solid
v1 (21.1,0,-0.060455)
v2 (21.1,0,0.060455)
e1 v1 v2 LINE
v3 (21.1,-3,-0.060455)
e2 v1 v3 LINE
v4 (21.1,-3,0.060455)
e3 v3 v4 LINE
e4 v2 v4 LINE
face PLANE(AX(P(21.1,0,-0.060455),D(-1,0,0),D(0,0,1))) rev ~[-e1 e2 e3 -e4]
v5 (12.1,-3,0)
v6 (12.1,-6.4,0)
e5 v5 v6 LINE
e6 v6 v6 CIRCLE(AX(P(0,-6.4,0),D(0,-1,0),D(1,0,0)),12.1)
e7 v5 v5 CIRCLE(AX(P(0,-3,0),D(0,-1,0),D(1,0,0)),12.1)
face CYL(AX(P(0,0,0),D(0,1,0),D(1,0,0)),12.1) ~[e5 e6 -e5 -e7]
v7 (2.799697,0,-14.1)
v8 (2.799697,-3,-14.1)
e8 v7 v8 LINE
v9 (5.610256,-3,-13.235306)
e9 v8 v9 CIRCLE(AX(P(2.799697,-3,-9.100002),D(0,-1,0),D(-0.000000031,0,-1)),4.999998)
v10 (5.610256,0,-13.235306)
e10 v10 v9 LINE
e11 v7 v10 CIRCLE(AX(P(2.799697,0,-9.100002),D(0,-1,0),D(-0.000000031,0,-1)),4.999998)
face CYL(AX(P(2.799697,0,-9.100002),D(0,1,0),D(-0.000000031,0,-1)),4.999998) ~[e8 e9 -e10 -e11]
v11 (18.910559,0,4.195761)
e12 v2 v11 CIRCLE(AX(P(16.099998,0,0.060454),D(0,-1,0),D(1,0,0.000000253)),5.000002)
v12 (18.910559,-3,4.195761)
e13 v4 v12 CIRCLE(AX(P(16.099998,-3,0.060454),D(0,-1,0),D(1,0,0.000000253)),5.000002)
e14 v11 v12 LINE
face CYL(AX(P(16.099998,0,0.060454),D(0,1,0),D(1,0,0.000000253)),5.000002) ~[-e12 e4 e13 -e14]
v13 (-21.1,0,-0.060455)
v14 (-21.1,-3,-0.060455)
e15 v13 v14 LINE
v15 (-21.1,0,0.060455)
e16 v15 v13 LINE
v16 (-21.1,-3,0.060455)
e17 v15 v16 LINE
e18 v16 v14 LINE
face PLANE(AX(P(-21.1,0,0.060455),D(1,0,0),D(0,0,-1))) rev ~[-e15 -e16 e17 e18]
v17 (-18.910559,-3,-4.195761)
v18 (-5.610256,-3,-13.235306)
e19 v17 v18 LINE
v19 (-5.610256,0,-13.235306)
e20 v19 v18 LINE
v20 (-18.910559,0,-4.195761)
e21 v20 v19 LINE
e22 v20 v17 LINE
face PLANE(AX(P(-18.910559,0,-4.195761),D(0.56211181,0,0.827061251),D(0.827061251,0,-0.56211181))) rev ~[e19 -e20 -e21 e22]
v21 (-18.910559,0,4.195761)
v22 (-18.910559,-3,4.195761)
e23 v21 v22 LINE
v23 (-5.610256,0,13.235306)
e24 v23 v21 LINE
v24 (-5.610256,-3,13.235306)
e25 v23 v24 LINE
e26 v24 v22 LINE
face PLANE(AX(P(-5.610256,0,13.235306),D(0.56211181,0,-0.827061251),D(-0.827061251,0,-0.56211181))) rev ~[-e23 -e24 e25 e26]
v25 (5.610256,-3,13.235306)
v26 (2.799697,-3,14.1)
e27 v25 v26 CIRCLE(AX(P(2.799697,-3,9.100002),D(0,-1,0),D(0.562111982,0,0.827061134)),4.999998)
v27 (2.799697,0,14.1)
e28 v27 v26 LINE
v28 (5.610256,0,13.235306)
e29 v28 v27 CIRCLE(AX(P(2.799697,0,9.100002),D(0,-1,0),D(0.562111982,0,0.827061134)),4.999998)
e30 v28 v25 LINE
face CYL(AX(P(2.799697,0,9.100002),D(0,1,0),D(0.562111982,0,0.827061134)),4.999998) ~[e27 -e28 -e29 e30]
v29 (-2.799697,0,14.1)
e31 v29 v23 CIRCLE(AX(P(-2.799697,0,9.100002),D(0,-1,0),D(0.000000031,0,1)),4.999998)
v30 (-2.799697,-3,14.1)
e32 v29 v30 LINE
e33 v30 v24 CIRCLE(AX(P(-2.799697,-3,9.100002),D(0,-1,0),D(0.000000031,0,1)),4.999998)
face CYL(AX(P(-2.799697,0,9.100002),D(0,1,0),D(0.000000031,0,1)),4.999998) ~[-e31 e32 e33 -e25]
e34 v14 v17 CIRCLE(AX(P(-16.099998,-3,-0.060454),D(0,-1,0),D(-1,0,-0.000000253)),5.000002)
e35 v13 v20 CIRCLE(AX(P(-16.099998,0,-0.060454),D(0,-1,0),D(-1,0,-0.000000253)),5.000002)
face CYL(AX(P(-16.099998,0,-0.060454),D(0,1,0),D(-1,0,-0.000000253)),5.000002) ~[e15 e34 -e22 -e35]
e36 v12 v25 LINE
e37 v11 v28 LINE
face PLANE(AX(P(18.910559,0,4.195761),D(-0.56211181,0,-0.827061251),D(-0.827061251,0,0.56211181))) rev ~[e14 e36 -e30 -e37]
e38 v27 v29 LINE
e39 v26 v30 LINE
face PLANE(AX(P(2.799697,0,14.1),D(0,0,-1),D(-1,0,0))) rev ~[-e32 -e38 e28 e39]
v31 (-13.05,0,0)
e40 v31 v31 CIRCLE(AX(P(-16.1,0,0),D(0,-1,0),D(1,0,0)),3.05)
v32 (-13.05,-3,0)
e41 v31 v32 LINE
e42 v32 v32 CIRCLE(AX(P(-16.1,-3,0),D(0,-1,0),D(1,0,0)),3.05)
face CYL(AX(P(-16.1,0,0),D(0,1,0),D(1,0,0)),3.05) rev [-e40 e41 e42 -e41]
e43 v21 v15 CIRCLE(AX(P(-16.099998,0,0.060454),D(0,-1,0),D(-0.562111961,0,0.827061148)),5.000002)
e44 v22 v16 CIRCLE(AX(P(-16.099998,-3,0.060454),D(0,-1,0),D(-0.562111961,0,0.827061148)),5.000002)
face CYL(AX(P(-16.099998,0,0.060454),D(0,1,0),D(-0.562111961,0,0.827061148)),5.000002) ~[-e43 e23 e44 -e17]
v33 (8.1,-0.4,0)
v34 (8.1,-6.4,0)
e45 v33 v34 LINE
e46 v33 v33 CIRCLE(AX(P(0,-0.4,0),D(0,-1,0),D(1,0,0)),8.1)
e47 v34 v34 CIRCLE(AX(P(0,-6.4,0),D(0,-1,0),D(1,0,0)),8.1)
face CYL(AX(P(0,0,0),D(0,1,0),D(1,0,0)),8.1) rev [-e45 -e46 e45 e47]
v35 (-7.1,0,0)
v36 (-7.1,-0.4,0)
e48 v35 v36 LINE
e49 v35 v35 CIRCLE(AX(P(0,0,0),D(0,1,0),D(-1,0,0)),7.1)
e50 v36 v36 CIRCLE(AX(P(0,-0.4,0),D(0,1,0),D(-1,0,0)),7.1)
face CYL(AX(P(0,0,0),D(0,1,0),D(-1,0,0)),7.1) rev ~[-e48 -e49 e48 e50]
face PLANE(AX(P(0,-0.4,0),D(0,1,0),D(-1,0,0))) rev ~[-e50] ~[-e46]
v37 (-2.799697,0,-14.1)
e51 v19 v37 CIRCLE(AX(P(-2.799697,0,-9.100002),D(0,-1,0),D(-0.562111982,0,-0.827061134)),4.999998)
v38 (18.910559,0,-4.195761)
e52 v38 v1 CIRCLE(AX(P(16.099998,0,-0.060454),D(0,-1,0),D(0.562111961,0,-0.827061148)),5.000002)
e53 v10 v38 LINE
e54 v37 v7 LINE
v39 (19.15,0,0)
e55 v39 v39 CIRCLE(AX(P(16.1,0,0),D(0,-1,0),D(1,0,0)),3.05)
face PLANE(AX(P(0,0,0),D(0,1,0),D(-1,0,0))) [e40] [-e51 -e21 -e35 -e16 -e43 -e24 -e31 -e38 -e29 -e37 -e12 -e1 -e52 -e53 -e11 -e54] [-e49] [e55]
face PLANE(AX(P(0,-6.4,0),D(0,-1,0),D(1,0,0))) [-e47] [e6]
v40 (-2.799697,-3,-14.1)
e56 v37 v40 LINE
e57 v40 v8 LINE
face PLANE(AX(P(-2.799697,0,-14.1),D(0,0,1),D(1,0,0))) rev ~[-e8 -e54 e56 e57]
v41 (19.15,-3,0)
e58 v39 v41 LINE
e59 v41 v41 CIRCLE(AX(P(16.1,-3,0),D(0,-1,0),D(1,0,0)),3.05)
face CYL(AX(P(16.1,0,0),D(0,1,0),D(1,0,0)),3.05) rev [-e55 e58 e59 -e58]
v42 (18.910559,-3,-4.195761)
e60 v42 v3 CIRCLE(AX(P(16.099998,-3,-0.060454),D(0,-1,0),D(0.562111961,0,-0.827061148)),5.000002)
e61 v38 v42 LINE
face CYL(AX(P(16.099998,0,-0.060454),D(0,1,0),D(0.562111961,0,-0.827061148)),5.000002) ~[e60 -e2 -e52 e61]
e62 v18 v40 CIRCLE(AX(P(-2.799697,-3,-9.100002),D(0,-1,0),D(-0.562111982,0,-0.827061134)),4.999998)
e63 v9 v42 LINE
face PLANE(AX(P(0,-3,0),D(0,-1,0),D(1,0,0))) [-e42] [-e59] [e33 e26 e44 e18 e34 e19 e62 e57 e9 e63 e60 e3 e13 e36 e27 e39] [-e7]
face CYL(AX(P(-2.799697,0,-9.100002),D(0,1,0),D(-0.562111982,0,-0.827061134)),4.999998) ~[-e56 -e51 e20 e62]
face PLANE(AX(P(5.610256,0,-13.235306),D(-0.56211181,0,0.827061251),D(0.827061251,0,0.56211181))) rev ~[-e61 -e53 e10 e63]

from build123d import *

# Parameters (mm, degrees)
F0_R     = 12.1
F0_R_2   = 8.1
F1_DEPTH = 6.4
F0_R_3   = 3.05
F2_DEPTH = 3
F3_R     = 8.1
F3_R_2   = 7.1
F4_DEPTH = 0.4


with BuildPart() as f1:
    # F0 (on Front) → F1 (new body)
    with BuildSketch(Plane.XZ):
        Circle(F0_R)
        Circle(F0_R_2, mode=Mode.SUBTRACT)
    extrude(amount=F1_DEPTH)

    # F0 (on Front) → F2 (join)
    with BuildSketch(Plane.XZ):
        with BuildLine():
            Line((-2.799697, -14.1), (2.799697, -14.1))
            ThreePointArc((2.799697, -14.1), (4.26998, -13.87894), (5.610256, -13.235306))
            Line((5.610256, -13.235306), (18.910559, -4.195761))
            ThreePointArc((18.910559, -4.195761), (20.518868, -2.400028), (21.1, -0.060455))
            Line((21.1, -0.060455), (21.1, 0.060455))
            ThreePointArc((21.1, 0.060455), (20.518868, 2.400028), (18.910559, 4.195761))
            Line((18.910559, 4.195761), (5.610256, 13.235306))
            ThreePointArc((5.610256, 13.235306), (4.26998, 13.87894), (2.799697, 14.1))
            Line((2.799697, 14.1), (-2.799697, 14.1))
            ThreePointArc((-2.799697, 14.1), (-4.26998, 13.87894), (-5.610256, 13.235306))
            Line((-5.610256, 13.235306), (-18.910559, 4.195761))
            ThreePointArc((-18.910559, 4.195761), (-20.518868, 2.400028), (-21.1, 0.060455))
            Line((-21.1, 0.060455), (-21.1, -0.060455))
            ThreePointArc((-21.1, -0.060455), (-20.518868, -2.400028), (-18.910559, -4.195761))
            Line((-18.910559, -4.195761), (-5.610256, -13.235306))
            ThreePointArc((-5.610256, -13.235306), (-4.26998, -13.87894), (-2.799697, -14.1))
        make_face()
        with Locations((-16.1, 0)):
            Circle(F0_R_3, mode=Mode.SUBTRACT)
        Circle(F0_R, mode=Mode.SUBTRACT)
        with Locations((16.1, 0)):
            Circle(F0_R_3, mode=Mode.SUBTRACT)
    extrude(amount=F2_DEPTH)

    # F3 (on face) → F4 (join)
    with BuildSketch(Plane(origin=(0, 0, 0), x_dir=(-1, 0, 0), z_dir=(0, 1, 0))):
        Circle(F3_R)
        Circle(F3_R_2, mode=Mode.SUBTRACT)
    extrude(amount=-F4_DEPTH)


solid = f1.part
